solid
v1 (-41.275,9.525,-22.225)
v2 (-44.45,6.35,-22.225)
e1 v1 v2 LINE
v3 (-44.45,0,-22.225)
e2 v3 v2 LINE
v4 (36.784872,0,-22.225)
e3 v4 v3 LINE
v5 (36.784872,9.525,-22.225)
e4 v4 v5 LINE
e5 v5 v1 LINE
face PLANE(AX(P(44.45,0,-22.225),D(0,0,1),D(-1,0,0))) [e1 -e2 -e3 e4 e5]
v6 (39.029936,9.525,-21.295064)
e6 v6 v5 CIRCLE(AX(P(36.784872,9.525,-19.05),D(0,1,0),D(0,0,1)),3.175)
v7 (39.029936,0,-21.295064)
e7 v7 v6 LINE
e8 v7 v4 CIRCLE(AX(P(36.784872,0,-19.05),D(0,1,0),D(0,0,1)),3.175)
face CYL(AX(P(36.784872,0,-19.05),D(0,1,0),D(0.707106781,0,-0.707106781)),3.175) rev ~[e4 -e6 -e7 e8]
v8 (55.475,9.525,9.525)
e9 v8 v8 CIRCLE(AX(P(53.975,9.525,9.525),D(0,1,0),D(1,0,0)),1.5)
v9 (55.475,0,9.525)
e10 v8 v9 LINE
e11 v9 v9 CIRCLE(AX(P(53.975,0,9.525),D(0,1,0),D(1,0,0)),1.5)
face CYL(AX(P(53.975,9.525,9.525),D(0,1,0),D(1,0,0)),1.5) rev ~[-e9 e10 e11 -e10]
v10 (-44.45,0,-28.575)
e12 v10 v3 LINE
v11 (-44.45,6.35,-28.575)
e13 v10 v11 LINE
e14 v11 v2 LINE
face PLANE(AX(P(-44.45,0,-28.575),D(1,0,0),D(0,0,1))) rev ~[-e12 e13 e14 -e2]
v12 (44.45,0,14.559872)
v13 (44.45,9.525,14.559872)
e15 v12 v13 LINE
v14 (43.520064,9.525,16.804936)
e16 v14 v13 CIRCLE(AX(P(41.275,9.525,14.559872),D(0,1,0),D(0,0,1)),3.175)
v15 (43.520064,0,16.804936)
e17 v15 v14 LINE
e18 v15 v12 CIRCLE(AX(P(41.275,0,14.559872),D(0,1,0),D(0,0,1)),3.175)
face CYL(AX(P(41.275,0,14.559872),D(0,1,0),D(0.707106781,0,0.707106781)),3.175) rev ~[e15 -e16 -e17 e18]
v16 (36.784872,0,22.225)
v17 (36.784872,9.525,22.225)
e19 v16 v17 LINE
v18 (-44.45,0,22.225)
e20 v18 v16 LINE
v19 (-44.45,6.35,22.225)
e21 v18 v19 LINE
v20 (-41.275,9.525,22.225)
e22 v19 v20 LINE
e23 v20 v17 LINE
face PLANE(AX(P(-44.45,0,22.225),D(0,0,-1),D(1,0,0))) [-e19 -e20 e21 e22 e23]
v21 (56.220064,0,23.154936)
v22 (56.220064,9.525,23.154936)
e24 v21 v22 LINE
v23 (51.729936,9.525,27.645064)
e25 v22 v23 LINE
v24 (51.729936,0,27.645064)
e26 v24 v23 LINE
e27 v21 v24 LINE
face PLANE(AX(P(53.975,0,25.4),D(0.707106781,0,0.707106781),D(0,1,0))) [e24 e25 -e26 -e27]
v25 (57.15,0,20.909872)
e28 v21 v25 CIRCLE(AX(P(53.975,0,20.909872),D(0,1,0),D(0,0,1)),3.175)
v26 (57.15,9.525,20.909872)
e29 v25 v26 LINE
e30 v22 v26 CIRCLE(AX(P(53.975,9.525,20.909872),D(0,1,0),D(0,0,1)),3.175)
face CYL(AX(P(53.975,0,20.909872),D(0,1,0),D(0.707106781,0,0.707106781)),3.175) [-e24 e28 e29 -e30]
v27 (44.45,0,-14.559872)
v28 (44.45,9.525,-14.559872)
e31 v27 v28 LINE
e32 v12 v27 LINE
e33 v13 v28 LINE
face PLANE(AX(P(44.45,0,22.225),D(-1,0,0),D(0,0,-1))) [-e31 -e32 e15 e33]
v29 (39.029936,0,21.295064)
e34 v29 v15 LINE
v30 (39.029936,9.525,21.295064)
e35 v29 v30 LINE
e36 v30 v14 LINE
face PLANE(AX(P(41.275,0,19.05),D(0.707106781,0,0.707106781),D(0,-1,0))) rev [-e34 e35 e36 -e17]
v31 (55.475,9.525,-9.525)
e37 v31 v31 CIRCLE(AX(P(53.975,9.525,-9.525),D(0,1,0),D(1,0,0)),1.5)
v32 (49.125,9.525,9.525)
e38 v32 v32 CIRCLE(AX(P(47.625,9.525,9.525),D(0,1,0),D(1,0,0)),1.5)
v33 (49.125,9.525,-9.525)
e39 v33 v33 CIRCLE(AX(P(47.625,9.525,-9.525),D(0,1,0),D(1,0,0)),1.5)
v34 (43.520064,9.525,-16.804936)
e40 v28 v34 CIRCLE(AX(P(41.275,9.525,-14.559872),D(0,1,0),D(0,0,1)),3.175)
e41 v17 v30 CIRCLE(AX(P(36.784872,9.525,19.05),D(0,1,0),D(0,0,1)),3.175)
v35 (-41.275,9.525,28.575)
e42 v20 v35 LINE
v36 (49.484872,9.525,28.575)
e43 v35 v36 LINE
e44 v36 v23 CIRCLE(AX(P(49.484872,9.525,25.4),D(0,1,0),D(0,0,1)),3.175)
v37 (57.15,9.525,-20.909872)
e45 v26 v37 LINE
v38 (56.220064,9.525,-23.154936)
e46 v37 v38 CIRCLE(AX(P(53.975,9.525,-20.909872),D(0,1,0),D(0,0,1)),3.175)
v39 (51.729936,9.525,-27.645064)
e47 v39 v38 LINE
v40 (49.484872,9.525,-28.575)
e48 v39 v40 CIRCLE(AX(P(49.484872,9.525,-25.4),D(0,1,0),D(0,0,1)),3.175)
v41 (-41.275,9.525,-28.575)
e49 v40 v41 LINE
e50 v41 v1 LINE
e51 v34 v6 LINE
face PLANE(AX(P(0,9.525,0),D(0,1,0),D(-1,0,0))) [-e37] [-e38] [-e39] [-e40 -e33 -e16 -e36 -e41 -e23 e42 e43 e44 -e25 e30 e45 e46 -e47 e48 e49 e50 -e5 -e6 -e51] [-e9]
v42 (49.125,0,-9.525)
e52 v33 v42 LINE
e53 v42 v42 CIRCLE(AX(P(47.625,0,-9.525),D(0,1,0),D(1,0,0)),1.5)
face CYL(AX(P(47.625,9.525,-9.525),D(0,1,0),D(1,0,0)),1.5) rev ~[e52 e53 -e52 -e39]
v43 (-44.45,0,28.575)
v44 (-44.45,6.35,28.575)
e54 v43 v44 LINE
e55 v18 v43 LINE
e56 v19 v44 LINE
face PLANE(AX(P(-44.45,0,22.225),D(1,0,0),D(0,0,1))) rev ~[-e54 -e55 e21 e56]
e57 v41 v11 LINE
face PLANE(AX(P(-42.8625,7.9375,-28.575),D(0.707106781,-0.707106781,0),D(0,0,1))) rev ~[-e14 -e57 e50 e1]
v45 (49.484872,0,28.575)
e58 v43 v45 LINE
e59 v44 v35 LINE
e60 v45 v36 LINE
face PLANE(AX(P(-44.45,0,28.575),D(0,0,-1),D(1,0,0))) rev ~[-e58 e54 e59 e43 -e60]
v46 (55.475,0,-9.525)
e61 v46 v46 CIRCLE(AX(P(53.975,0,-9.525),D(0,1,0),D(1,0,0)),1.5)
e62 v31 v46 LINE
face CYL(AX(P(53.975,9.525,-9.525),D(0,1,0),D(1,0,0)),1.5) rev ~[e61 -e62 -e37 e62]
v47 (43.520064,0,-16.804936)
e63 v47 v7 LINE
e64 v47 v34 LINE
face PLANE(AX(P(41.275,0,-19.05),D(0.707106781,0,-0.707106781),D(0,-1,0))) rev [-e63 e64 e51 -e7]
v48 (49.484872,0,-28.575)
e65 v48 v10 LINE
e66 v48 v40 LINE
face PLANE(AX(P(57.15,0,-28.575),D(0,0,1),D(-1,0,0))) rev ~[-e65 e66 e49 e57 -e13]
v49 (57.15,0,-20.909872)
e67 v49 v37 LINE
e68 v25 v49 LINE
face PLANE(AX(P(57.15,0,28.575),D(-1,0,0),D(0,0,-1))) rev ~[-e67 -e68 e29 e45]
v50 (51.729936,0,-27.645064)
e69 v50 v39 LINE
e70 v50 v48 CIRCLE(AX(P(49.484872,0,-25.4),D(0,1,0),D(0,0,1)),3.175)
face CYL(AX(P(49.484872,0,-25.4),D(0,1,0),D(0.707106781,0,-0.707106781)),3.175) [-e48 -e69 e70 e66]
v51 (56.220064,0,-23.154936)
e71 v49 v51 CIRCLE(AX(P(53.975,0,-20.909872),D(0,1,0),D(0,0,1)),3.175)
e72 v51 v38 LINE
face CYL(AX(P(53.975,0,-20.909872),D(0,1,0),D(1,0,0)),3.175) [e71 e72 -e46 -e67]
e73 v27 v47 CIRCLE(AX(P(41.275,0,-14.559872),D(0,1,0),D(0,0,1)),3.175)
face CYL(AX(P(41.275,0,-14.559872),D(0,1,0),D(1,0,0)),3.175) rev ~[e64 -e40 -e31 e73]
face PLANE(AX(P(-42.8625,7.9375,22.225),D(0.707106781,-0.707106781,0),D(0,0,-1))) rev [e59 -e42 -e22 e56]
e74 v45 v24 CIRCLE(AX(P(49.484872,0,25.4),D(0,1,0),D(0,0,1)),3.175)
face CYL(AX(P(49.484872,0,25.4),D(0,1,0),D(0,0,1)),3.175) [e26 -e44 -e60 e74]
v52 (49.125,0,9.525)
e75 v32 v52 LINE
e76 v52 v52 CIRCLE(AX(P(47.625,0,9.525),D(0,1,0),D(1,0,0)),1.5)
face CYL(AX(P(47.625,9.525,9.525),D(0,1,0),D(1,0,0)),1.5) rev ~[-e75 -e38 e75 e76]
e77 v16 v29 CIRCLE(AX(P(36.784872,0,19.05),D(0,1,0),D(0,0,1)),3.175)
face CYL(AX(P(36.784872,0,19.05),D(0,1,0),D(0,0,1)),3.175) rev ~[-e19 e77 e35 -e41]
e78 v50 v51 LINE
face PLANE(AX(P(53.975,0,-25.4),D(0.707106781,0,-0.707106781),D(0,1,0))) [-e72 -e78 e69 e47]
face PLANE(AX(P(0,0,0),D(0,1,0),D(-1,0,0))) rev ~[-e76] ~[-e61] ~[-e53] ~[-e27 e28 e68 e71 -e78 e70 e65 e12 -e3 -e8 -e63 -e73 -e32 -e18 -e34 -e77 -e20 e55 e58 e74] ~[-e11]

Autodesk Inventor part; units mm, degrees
ref_plane "YZ Plane" through (0, 0, 0) normal (1, 0, 0) x (0, 1, 0)
ref_plane "XZ Plane" through (0, 0, 0) normal (0, 1, 0) x (-1, 0, 0)
ref_plane "XY Plane" through (0, 0, 0) normal (0, 0, 1) x (1, 0, 0)
sketch "Sketch1" plane through (0, 0, 0) normal (0, 1, 0) x (-1, 0, 0)
  line L0 (44.45, 22.225) -> (-44.45, 22.225)
  line L1 (-44.45, 22.225) -> (-44.45, -22.225)
  line L2 (-44.45, -22.225) -> (44.45, -22.225)
  line L3 (44.45, -22.225) -> (44.45, 22.225)
  line L4 (44.45, 22.225) -> (-44.45, -22.225) construction
  line L5 (-44.45, 22.225) -> (44.45, -22.225) construction
  line L6 (0, 0) -> (-44.45, 0) construction
  line L7 (44.45, 28.575) -> (-57.15, 28.575)
  line L8 (-57.15, 28.575) -> (-57.15, -28.575)
  line L9 (-57.15, -28.575) -> (44.45, -28.575)
  line L10 (44.45, -28.575) -> (44.45, 28.575)
  line L11 (44.45, 28.575) -> (-57.15, -28.575) construction
  line L12 (-57.15, 28.575) -> (44.45, -28.575) construction
  point P0 (-6.35, 0)
  point P1 (44.45, 22.225)
  dimension "d0" = 88.9
  dimension "d1" = 44.45
  dimension "d2" = 6.35
  dimension "d3" = 12.7
extrude "Extrusion1" add sketch "Sketch1" along normal blind 9.525 contours L0 L1 L2 L10 L9 L8 L7
chamfer "Chamfer1" distance 6.35 angle 45 4 edges at (44.45, 4.7625, 22.225) (57.15, 4.7625, 28.575) (44.45, 4.7625, -22.225) (57.15, 4.7625, -28.575)
fillet "Fillet1" radius 3.175 8 edges at (38.1, 4.7625, 22.225) (44.45, 4.7625, 15.875) (44.45, 4.7625, -15.875) (38.1, 4.7625, -22.225) (50.8, 4.7625, -28.575) (57.15, 4.7625, -22.225) (57.15, 4.7625, 22.225) (50.8, 4.7625, 28.575)
sketch "Sketch2" plane through (57.15, 0, 20.9099) normal (1, 0, 0) x (0, 0, -1)
  line L0 (35.4697, 9.525) -> (6.35, 9.525) projected
  line L1 (20.9099, 9.525) -> (20.9099, 0) construction
  line L2 (35.4697, 0) -> (6.35, 0) projected
  circle A0 centre (20.9099, 4.7625) radius 3.175 construction
  circle A1 centre (20.9099, 11.1125) radius 3.175
  line L3 (20.9099, 17.1125) -> (20.9099, 5.1125) construction
  line L4 (19.4099, 17.1125) -> (19.4099, 5.1125)
  line L5 (22.4099, 5.1125) -> (22.4099, 17.1125)
  arc A2 (22.4099, 17.1125) -> (19.4099, 17.1125) centre (20.9099, 17.1125) ccw
  arc A3 (19.4099, 5.1125) -> (22.4099, 5.1125) centre (20.9099, 5.1125) ccw
  point P0 (18.1602, 9.525)
  point P1 (23.6595, 9.525)
  point P2 (22.4099, 8.3142)
  point P3 (19.4099, 8.3142)
  dimension "d10" = 6.35
  dimension "d20" = 6.35
  dimension "d21" = 6.35
  dimension "d22" = 3
  dimension "d23" = 12
sketch "Sketch4" plane through (0, 9.525, 0) normal (0, 1, 0) x (1, 0, 0)
  line L0 (44.45, 14.5599) -> (44.45, -14.5599) projected
  line L1 (44.45, 0) -> (57.15, 0) construction
  line L2 (57.15, -20.9099) -> (57.15, 20.9099) projected
  line L3 (47.625, -9.525) -> (53.975, -9.525) construction
  line L4 (53.975, -9.525) -> (53.975, 9.525) construction
  line L5 (53.975, 9.525) -> (47.625, 9.525) construction
  line L6 (47.625, 9.525) -> (47.625, -9.525) construction
  line L7 (47.625, -9.525) -> (53.975, 9.525) construction
  line L8 (53.975, -9.525) -> (47.625, 9.525) construction
  circle A0 centre (47.625, -9.525) radius 1.5
  circle A1 centre (47.625, 9.525) radius 1.5
  circle A2 centre (53.975, -9.525) radius 1.5
  circle A3 centre (53.975, 9.525) radius 1.5
  point P0 (0, 0)
  point P1 (50.8, 0)
  dimension "d27" = 6.35
  dimension "d28" = 19.05
  dimension "d29" = 3
  dimension "d32" = 19.05
  dimension "d35" = 6.35
extrude "Extrusion5" cut sketch "Sketch4" against normal through all
chamfer "Chamfer2" distance 3.175 angle 45 2 edges at (-44.45, 9.525, -25.4) (-44.45, 9.525, 25.4)
equation "\"d32\" = d28"
equation "\"d35\" = d27"
properties part number "Rack" material "Aluminum 6061"
